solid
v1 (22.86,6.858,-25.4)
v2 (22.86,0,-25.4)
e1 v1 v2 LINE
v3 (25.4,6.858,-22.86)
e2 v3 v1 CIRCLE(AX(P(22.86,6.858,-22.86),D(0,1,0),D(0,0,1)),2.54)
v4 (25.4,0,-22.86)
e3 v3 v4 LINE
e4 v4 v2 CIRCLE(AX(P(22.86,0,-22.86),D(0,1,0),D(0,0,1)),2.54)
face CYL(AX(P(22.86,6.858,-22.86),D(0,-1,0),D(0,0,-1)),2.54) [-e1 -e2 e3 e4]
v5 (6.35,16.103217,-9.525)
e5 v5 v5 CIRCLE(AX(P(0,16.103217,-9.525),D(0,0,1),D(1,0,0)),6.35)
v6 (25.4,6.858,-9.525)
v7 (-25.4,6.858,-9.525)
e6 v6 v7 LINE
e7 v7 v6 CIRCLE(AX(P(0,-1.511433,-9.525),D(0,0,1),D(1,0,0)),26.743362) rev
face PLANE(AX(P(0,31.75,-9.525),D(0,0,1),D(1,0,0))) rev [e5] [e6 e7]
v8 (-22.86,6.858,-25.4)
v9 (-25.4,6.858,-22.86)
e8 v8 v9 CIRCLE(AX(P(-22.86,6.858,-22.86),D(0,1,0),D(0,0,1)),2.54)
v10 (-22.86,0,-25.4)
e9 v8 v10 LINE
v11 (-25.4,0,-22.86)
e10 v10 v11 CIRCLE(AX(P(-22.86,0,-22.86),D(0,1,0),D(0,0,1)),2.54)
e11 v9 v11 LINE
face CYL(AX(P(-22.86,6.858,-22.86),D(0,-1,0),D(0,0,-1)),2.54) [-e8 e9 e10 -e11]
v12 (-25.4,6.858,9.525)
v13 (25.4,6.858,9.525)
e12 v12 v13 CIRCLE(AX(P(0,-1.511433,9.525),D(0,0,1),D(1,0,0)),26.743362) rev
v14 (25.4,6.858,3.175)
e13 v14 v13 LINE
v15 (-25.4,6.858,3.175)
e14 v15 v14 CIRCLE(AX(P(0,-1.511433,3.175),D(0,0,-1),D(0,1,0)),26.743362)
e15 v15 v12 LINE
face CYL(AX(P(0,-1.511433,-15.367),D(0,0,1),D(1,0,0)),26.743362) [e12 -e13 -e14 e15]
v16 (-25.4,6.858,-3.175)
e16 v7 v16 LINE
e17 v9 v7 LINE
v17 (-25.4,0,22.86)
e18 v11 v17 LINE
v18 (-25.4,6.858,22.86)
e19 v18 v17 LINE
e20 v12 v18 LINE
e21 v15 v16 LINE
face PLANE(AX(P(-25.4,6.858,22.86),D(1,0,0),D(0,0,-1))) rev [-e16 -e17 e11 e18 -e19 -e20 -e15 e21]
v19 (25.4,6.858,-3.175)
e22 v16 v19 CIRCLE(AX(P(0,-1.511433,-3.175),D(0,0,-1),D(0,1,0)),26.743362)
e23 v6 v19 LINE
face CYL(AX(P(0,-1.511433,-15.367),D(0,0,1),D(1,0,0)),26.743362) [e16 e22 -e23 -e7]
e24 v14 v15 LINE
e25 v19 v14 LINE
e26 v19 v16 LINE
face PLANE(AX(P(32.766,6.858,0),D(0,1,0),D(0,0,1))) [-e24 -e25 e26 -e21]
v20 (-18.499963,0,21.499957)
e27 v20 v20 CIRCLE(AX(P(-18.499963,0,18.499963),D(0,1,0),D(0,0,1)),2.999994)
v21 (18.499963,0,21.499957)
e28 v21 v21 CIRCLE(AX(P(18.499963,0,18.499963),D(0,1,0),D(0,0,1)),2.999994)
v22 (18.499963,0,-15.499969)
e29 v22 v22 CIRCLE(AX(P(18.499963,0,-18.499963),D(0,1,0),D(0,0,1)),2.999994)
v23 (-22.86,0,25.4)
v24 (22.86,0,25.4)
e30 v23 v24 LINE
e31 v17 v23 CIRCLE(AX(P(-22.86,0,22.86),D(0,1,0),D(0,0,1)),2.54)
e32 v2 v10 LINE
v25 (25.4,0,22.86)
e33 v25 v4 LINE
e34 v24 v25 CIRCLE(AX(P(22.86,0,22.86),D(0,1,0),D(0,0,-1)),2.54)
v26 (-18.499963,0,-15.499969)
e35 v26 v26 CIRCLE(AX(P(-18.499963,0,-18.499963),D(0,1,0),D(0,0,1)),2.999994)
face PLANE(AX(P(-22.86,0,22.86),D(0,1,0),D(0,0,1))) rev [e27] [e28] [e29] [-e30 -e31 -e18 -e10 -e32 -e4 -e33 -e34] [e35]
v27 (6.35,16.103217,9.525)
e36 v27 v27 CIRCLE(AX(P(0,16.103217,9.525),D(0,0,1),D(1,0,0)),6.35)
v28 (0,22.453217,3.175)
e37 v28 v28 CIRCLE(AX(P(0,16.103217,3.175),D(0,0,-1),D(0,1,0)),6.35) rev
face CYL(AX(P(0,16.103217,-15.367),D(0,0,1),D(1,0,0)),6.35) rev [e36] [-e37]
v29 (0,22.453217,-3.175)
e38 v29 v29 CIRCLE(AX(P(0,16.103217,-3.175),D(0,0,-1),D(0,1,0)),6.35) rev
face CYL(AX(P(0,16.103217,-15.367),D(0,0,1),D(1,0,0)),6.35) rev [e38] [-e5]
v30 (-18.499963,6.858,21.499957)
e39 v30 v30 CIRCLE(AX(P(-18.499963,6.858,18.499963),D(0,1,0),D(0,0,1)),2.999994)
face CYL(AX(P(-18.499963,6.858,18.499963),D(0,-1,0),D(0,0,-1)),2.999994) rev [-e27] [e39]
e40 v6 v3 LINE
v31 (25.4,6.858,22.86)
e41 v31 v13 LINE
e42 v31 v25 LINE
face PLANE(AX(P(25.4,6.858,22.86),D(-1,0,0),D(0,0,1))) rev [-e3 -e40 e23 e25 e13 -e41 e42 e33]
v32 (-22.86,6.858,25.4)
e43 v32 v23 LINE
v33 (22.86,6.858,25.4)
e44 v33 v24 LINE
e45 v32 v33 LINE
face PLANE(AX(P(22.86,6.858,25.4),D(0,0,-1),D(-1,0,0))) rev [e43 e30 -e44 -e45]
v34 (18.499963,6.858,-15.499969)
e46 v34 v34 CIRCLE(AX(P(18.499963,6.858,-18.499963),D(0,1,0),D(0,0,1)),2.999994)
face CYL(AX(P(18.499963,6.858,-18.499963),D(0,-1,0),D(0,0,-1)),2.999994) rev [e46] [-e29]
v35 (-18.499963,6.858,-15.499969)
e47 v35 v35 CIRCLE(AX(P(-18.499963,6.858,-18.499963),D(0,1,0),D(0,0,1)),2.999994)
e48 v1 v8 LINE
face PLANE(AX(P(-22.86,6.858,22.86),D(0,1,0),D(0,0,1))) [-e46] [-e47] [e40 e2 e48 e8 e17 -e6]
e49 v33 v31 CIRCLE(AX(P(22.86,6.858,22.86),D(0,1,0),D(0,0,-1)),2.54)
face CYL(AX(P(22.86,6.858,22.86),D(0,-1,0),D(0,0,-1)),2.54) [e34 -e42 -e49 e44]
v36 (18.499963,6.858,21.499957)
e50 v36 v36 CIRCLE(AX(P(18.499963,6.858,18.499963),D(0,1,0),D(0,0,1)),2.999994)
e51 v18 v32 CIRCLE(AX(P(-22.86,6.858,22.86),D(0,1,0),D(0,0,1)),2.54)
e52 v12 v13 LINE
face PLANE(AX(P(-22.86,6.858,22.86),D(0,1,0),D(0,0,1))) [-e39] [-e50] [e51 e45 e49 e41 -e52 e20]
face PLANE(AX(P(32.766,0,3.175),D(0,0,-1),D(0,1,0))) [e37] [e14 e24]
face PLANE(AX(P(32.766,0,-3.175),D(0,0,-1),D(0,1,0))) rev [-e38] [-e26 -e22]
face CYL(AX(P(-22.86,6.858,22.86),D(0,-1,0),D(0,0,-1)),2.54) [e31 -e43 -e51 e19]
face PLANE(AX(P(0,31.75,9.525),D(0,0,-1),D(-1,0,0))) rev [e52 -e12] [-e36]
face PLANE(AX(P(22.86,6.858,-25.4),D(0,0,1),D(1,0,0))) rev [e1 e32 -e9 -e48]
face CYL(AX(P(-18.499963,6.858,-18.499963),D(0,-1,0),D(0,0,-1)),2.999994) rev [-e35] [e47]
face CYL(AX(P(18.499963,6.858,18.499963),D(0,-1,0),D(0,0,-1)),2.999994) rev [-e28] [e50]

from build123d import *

# Parameters (mm, degrees)
SKETCH1_R           = 2.999994
BOSS_EXTRUDE1_DEPTH = 6.858
SKETCH2_W           = 50.8
SKETCH2_H           = 9.525
BOSS_EXTRUDE2_DEPTH = 24.892
CUT_EXTRUDE1_DEPTH  = 24.892
SKETCH4_W           = 6.35
SKETCH4_H           = 18.373928642
CUT_EXTRUDE2_DEPTH  = 58.166


with BuildPart() as part:
    # Sketch1 → Boss-Extrude1 (new body)
    with BuildSketch(Plane(origin=(0, 0, 0), x_dir=(1, 0, 0), z_dir=(0, 1, 0))):
        with BuildLine():
            Line((22.86, -25.4), (-22.86, -25.4))
            ThreePointArc((-22.86, -25.4), (-24.656051224, -24.656051224), (-25.4, -22.86))
            Line((-25.4, -22.86), (-25.4, 22.86))
            ThreePointArc((-25.4, 22.86), (-24.656051224, 24.656051224), (-22.86, 25.4))
            Line((-22.86, 25.4), (22.86, 25.4))
            ThreePointArc((22.86, 25.4), (24.656051224, 24.656051224), (25.4, 22.86))
            Line((25.4, 22.86), (25.4, -22.86))
            ThreePointArc((25.4, -22.86), (24.656051224, -24.656051224), (22.86, -25.4))
        make_face()
        with Locations(Location((-18.499963, 18.499963, 0), (0, 0, 270))):
            Circle(SKETCH1_R, mode=Mode.SUBTRACT)
        with Locations(Location((18.499963, 18.499963, 0), (0, 0, 270))):
            Circle(SKETCH1_R, mode=Mode.SUBTRACT)
        with Locations(Location((18.499963, -18.499963, 0), (0, 0, 270))):
            Circle(SKETCH1_R, mode=Mode.SUBTRACT)
        with Locations(Location((-18.499963, -18.499963, 0), (0, 0, 270))):
            Circle(SKETCH1_R, mode=Mode.SUBTRACT)
    extrude(amount=BOSS_EXTRUDE1_DEPTH)

    # Sketch2 → Boss-Extrude2 (add)
    with BuildSketch(Plane(origin=(0, 6.858, 0), x_dir=(1, 0, 0), z_dir=(0, 1, 0))):
        with Locations((0, -4.7625)):
            Rectangle(SKETCH2_W, SKETCH2_H)
        with Locations((0, 4.7625)):
            Rectangle(SKETCH2_W, SKETCH2_H)
    extrude(amount=BOSS_EXTRUDE2_DEPTH)

    # Sketch3 → Cut-Extrude1 (cut)
    with BuildSketch(Plane.XY.offset(9.525)):
        with BuildLine():
            ThreePointArc((6.35, 16.103217479), (4.490128061, 20.593345539), (0, 22.453217479))
            Line((0, 22.453217479), (0, 9.753217479))
            ThreePointArc((0, 9.753217479), (4.490128061, 11.613089418), (6.35, 16.103217479))
        make_face()
        with BuildLine():
            Line((0, 9.753217479), (0, 22.453217479))
            ThreePointArc((0, 22.453217479), (-6.35, 16.103217479), (0, 9.753217479))
        make_face()
        with BuildLine():
            Line((25.4, 31.75), (0, 31.75))
            Line((0, 31.75), (0, 25.231928642))
            ThreePointArc((0, 25.231928642), (15.674511585, 20.156909879), (25.4, 6.858))
            Line((25.4, 6.858), (25.4, 31.75))
        make_face()
        with BuildLine():
            Line((0, 25.231928642), (0, 31.75))
            Line((0, 31.75), (-25.4, 31.75))
            Line((-25.4, 31.75), (-25.4, 6.858))
            ThreePointArc((-25.4, 6.858), (-15.674511585, 20.156909879), (0, 25.231928642))
        make_face()
    extrude(amount=-CUT_EXTRUDE1_DEPTH, mode=Mode.SUBTRACT)

    # Sketch4 → Cut-Extrude2 (cut)
    with BuildSketch(Plane.ZY.offset(25.4)):
        with Locations((0, 16.044964321)):
            Rectangle(SKETCH4_W, SKETCH4_H)
    extrude(amount=-CUT_EXTRUDE2_DEPTH, mode=Mode.SUBTRACT)


solid = part.part
